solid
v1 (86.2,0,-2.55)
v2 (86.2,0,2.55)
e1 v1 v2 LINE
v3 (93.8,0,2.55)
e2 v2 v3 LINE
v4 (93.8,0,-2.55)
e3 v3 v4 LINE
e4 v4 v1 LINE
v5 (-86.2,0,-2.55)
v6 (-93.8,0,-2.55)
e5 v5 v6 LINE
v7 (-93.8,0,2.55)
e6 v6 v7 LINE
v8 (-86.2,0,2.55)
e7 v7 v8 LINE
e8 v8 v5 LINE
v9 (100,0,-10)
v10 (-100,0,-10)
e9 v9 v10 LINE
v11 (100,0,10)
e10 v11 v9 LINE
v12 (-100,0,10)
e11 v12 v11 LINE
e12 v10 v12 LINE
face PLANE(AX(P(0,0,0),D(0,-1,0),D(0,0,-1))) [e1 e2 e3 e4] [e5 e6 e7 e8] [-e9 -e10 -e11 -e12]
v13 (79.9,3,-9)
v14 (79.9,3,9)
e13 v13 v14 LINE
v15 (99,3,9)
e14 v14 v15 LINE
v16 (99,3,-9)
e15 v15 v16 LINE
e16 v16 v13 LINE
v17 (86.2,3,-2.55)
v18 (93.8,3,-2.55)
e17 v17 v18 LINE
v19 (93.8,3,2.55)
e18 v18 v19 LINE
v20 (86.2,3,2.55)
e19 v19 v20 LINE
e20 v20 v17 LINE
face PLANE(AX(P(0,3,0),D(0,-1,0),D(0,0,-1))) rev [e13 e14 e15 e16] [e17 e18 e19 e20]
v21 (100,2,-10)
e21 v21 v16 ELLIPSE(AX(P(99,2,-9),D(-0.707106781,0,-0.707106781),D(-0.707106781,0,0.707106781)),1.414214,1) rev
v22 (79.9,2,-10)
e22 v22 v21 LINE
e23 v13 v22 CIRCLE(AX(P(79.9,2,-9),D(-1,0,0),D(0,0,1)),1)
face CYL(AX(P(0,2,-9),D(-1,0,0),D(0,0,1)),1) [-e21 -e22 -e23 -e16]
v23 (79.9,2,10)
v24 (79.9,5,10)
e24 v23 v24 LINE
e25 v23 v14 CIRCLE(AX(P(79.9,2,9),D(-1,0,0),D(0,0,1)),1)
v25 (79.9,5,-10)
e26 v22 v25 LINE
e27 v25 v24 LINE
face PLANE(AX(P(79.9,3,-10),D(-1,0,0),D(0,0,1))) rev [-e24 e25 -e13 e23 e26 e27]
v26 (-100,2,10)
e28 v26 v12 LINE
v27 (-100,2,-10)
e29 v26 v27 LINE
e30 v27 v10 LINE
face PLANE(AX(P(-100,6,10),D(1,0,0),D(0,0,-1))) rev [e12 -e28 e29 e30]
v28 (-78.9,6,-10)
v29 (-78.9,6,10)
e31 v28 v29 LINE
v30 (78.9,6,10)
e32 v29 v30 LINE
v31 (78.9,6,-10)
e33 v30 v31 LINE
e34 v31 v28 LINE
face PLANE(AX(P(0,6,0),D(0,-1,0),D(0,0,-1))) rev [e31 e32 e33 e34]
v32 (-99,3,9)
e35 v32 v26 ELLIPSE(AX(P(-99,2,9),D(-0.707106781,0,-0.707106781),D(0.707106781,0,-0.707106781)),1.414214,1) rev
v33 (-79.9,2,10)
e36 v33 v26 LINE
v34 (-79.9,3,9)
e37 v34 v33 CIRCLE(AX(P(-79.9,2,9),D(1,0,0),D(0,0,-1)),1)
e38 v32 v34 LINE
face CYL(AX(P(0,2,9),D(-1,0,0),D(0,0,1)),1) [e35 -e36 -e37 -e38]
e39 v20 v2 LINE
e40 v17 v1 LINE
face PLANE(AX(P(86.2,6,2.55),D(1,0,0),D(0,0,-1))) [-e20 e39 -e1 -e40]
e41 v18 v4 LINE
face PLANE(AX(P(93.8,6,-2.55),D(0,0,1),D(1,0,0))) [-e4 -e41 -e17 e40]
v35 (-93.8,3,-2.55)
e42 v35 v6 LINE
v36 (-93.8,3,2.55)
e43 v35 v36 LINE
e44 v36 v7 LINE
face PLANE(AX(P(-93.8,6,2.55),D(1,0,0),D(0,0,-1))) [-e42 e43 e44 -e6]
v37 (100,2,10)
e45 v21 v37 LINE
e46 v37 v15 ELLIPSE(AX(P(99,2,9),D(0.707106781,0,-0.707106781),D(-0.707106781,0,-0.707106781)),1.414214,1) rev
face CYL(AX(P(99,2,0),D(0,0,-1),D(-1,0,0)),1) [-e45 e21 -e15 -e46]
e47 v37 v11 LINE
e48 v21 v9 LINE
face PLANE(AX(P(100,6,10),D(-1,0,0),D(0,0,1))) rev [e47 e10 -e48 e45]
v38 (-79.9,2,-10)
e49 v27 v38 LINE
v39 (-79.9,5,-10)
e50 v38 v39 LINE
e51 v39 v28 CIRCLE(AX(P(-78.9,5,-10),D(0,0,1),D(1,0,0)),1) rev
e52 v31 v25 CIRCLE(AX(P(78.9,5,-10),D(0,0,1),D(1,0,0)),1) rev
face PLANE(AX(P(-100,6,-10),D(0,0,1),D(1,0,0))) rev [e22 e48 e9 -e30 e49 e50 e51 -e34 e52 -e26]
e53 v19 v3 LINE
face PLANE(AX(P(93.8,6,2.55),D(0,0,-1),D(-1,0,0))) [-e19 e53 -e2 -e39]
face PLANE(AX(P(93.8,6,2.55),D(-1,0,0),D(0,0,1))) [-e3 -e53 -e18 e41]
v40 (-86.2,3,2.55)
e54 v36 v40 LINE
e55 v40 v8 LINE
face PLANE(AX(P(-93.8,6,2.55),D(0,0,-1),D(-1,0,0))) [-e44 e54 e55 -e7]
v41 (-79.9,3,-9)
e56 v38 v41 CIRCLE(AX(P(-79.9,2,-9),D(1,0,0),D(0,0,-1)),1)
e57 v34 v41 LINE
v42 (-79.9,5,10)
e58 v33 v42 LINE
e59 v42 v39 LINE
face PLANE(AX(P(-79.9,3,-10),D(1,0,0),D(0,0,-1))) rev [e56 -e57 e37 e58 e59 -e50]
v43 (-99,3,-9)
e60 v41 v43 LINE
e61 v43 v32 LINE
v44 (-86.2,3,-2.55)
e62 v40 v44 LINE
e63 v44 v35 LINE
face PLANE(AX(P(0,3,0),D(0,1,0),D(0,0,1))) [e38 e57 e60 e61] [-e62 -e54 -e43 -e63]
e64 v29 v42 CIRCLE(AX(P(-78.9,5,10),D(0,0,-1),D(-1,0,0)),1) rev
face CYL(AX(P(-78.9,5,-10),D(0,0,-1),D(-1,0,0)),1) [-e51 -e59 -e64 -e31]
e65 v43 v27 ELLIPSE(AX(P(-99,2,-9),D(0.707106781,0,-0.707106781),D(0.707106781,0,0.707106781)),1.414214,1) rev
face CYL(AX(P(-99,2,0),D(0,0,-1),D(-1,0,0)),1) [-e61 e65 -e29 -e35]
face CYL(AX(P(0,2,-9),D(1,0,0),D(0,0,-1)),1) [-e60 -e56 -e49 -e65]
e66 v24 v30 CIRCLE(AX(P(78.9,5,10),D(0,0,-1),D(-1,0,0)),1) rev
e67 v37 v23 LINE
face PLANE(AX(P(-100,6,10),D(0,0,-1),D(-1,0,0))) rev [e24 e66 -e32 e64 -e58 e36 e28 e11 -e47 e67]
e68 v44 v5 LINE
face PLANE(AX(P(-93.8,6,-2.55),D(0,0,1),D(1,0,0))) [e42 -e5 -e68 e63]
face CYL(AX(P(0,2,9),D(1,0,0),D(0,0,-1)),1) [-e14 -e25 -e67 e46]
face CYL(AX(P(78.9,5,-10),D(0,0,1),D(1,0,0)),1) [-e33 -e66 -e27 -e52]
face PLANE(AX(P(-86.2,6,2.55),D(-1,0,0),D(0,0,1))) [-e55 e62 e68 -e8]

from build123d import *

# Parameters (mm, degrees)
SKETCH1_W           = 200
SKETCH1_H           = 20
SKETCH1_W_2         = 7.6
SKETCH1_H_2         = 5.1
BOSS_EXTRUDE1_DEPTH = 6
SKETCH2_W           = 20.1
SKETCH2_H           = 20
CUT_EXTRUDE1_DEPTH  = 3
FILLET1_R           = 1


with BuildPart() as part:
    # Sketch1 → Boss-Extrude1 (new body)
    with BuildSketch(Plane(origin=(0, 0, 0), x_dir=(1, 0, 0), z_dir=(0, 1, 0))):
        Rectangle(SKETCH1_W, SKETCH1_H)
        with Locations((-90, 0)):
            Rectangle(SKETCH1_W_2, SKETCH1_H_2, mode=Mode.SUBTRACT)
        with Locations((90, 0)):
            Rectangle(SKETCH1_W_2, SKETCH1_H_2, mode=Mode.SUBTRACT)
    extrude(amount=BOSS_EXTRUDE1_DEPTH)

    # Sketch2 → Cut-Extrude1 (cut)
    with BuildSketch(Plane(origin=(0, 6, 0), x_dir=(1, 0, 0), z_dir=(0, 1, 0))):
        with Locations((-89.95, 0)):
            Rectangle(SKETCH2_W, SKETCH2_H)
        with Locations((89.95, 0)):
            Rectangle(SKETCH2_W, SKETCH2_H)
    extrude(amount=-CUT_EXTRUDE1_DEPTH, mode=Mode.SUBTRACT)

    # Fillet1
    fillet1_edges = [part.edges().sort_by_distance(p)[0] for p in [
        (-100, 3, 0),
        (-89.95, 3, -10),
        (-89.95, 3, 10),
        (-79.9, 6, 0),
        (100, 3, 0),
        (89.95, 3, 10),
        (89.95, 3, -10),
        (79.9, 6, 0),
    ]]
    fillet(fillet1_edges, radius=FILLET1_R)


solid = part.part
